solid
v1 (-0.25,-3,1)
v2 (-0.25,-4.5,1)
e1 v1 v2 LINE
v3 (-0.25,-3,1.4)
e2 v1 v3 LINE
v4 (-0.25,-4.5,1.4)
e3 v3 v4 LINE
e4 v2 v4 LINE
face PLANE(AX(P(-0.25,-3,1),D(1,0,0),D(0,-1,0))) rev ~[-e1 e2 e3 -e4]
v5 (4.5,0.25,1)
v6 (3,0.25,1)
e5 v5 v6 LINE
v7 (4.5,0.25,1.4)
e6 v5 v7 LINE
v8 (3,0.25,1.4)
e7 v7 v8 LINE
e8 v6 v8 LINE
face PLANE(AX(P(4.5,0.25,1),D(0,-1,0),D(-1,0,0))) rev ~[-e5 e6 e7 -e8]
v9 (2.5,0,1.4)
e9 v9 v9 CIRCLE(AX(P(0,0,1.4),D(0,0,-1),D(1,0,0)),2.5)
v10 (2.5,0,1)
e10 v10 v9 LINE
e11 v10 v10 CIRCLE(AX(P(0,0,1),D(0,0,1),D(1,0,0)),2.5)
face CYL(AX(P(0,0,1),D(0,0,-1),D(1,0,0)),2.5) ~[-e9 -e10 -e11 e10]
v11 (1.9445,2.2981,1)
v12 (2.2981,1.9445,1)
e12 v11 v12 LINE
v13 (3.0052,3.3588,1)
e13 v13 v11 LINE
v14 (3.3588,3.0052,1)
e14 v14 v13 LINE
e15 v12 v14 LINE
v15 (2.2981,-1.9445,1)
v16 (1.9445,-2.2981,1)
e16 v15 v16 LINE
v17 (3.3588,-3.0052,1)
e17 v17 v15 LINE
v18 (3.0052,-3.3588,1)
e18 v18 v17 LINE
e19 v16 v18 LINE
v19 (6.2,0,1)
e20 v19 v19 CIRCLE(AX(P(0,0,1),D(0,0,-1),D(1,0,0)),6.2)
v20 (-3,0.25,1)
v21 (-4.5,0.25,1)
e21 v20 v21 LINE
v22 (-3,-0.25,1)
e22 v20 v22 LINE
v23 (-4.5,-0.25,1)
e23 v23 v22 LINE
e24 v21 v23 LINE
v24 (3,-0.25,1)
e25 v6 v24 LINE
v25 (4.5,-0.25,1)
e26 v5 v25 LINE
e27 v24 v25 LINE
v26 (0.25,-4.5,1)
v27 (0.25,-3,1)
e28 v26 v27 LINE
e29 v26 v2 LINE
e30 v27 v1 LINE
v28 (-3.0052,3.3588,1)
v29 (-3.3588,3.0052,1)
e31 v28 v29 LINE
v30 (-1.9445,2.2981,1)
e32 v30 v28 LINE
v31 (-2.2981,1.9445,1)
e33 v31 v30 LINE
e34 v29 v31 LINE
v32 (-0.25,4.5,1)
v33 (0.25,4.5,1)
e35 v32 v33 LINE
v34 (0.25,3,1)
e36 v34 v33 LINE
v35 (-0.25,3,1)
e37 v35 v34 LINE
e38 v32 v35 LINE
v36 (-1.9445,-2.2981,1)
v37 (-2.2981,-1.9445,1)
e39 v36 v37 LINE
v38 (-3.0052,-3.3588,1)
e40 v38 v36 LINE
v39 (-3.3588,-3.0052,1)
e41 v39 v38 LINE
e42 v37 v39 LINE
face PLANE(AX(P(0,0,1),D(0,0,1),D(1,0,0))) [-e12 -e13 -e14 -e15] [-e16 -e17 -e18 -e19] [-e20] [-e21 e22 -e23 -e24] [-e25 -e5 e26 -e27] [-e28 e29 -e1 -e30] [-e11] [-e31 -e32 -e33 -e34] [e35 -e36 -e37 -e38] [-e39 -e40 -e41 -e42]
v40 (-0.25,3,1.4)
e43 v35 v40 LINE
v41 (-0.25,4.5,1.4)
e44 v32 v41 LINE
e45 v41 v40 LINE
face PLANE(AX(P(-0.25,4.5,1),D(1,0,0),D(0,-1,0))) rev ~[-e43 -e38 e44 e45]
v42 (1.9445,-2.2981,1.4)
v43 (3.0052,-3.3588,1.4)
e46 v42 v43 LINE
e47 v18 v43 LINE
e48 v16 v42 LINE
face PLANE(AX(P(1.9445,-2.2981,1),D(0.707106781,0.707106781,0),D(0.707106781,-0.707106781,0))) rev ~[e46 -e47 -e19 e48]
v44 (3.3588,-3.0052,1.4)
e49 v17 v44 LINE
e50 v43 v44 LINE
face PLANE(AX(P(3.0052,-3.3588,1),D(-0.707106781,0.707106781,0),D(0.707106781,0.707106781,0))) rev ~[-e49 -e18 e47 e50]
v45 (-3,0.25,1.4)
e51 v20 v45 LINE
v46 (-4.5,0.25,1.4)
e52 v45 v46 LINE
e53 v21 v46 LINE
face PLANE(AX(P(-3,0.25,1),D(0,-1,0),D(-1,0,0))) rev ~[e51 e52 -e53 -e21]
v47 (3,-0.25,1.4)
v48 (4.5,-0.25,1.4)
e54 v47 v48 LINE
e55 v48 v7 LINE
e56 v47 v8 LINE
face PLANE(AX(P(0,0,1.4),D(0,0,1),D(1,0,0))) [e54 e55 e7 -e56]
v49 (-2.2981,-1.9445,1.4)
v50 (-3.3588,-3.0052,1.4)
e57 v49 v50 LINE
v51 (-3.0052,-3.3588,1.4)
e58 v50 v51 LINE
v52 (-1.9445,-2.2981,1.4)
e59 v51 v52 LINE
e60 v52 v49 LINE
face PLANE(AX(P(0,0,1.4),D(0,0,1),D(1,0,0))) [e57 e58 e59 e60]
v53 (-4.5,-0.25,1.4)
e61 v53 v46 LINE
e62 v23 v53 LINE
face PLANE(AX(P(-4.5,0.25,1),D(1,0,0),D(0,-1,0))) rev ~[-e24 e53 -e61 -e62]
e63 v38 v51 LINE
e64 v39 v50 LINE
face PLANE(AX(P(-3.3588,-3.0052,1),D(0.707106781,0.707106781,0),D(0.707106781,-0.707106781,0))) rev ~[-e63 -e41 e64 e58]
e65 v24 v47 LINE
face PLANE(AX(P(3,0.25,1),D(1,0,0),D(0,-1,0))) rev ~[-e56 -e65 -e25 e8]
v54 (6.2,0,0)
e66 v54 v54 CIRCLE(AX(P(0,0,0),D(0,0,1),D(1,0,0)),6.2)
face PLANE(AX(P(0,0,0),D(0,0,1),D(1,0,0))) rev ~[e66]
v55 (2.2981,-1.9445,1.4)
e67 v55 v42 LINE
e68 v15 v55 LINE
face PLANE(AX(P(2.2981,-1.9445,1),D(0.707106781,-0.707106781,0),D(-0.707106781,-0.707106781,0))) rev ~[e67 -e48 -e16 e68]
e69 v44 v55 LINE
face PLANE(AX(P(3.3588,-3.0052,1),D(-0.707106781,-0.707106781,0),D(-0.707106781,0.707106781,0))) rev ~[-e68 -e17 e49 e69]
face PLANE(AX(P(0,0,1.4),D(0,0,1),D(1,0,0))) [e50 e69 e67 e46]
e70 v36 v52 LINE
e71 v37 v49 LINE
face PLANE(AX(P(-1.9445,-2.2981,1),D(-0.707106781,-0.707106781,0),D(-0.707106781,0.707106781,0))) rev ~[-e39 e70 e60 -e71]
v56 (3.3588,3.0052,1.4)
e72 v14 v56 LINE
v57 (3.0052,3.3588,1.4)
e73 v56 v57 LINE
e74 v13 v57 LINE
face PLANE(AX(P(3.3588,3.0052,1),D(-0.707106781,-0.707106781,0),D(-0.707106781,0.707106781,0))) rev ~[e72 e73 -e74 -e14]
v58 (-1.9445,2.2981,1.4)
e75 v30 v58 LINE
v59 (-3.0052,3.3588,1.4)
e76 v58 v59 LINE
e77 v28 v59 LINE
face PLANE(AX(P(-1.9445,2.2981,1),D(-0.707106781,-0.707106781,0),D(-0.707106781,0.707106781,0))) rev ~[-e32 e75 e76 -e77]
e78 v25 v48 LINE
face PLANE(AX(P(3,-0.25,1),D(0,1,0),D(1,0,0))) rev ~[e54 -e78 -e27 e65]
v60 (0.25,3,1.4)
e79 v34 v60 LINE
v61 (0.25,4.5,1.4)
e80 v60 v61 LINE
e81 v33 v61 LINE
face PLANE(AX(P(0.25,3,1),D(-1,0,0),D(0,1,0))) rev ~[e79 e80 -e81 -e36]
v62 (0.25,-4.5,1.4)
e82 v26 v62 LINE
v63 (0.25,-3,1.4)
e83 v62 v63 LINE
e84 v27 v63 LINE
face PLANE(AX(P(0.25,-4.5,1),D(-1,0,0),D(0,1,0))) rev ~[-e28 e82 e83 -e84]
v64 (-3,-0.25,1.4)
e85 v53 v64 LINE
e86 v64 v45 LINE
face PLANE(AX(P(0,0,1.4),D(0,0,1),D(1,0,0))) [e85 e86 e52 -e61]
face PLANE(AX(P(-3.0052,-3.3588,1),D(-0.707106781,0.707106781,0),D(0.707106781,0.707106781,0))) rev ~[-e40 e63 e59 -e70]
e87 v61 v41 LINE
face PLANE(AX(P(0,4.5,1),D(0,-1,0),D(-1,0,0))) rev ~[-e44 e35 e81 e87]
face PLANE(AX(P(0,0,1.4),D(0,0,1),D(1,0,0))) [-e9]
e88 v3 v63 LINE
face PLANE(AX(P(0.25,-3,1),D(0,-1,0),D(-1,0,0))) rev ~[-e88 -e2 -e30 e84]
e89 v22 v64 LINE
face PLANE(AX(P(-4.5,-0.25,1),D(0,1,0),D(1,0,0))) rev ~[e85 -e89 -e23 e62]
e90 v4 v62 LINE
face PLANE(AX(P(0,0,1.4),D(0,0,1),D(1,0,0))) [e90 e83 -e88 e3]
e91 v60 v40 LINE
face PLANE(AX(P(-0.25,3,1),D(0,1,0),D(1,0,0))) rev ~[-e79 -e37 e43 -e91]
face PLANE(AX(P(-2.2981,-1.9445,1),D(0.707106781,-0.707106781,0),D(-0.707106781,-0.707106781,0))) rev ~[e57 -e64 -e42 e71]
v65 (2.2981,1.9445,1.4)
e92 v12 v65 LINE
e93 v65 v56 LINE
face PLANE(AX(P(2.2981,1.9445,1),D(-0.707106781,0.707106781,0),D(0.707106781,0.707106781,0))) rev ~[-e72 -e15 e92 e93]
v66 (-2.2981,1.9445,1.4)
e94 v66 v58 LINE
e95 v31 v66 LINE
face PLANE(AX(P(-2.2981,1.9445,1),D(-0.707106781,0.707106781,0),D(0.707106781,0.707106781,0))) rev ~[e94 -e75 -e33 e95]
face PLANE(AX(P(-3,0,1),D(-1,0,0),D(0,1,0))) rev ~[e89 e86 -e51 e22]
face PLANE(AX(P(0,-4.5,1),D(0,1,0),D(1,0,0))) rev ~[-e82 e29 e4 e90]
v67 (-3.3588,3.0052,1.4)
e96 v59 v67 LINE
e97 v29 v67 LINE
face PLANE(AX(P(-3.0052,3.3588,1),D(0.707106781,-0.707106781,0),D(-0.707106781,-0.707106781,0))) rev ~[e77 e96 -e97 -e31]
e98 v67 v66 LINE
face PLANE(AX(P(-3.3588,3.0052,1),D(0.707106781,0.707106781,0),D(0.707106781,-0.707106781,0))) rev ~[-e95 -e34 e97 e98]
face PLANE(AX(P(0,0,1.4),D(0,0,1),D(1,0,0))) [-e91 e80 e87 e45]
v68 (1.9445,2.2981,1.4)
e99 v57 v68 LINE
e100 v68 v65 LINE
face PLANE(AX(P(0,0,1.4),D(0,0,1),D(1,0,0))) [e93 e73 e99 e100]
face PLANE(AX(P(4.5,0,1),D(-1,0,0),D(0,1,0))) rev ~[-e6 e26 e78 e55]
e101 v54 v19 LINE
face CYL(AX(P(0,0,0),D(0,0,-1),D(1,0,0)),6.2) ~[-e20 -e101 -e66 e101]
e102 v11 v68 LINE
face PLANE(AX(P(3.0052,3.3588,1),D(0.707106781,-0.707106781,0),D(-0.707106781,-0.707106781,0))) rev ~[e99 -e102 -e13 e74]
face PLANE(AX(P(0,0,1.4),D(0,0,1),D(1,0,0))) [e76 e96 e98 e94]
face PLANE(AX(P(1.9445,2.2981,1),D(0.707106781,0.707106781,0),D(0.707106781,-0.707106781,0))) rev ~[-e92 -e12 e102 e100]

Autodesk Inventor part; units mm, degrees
ref_plane "YZ Plane" through (0, 0, 0) normal (1, 0, 0) x (0, 1, 0)
ref_plane "XZ Plane" through (0, 0, 0) normal (0, 1, 0) x (-1, 0, 0)
ref_plane "XY Plane" through (0, 0, 0) normal (0, 0, 1) x (1, 0, 0)
sketch "Náčrt1" plane through (0, 0, 0) normal (0, 0, 1) x (1, 0, 0)
  line L0 (0, 8.68) -> (0, -8.68) projected
  line L1 (-8.68, 0) -> (8.68, 0) projected
  circle A0 centre (0, 0) radius 6.2
  dimension "d0" = 12.4
extrude "Vysunutí1" add sketch "Náčrt1" along normal blind 1
sketch "Náčrt2" plane through (0, 0, 1) normal (0, 0, 1) x (1, 0, 0)
  line L0 (-8.68, 0) -> (8.68, 0) projected
  line L1 (0, 8.68) -> (0, -8.68) projected
  circle A0 centre (0, 0) radius 2.5
  line L2 (-0.25, 3) -> (0.25, 3)
  line L3 (0.25, 3) -> (0.25, 4.5)
  line L4 (0.25, 4.5) -> (-0.25, 4.5)
  line L5 (-0.25, 4.5) -> (-0.25, 3)
  line L6 (-2.2981, 1.9445) -> (-1.9445, 2.2981)
  line L7 (-1.9445, 2.2981) -> (-3.0052, 3.3588)
  line L8 (-3.0052, 3.3588) -> (-3.3588, 3.0052)
  line L9 (-3.3588, 3.0052) -> (-2.2981, 1.9445)
  line L10 (-3, -0.25) -> (-3, 0.25)
  line L11 (-3, 0.25) -> (-4.5, 0.25)
  line L12 (-4.5, 0.25) -> (-4.5, -0.25)
  line L13 (-4.5, -0.25) -> (-3, -0.25)
  line L14 (-1.9445, -2.2981) -> (-2.2981, -1.9445)
  line L15 (-2.2981, -1.9445) -> (-3.3588, -3.0052)
  line L16 (-3.3588, -3.0052) -> (-3.0052, -3.3588)
  line L17 (-3.0052, -3.3588) -> (-1.9445, -2.2981)
  line L18 (0.25, -3) -> (-0.25, -3)
  line L19 (-0.25, -3) -> (-0.25, -4.5)
  line L20 (-0.25, -4.5) -> (0.25, -4.5)
  line L21 (0.25, -4.5) -> (0.25, -3)
  line L22 (2.2981, -1.9445) -> (1.9445, -2.2981)
  line L23 (1.9445, -2.2981) -> (3.0052, -3.3588)
  line L24 (3.0052, -3.3588) -> (3.3588, -3.0052)
  line L25 (3.3588, -3.0052) -> (2.2981, -1.9445)
  line L26 (3, 0.25) -> (3, -0.25)
  line L27 (3, -0.25) -> (4.5, -0.25)
  line L28 (4.5, -0.25) -> (4.5, 0.25)
  line L29 (4.5, 0.25) -> (3, 0.25)
  line L30 (1.9445, 2.2981) -> (2.2981, 1.9445)
  line L31 (2.2981, 1.9445) -> (3.3588, 3.0052)
  line L32 (3.3588, 3.0052) -> (3.0052, 3.3588)
  line L33 (3.0052, 3.3588) -> (1.9445, 2.2981)
  dimension "d3" = 5
  dimension "d4" = 0.5
  dimension "d5" = 1.5
  dimension "d6" = 3
  dimension "d9" = 360
extrude "Vysunutí2" add sketch "Náčrt2" along normal blind 0.4
properties part number "button_plate_brightness"
